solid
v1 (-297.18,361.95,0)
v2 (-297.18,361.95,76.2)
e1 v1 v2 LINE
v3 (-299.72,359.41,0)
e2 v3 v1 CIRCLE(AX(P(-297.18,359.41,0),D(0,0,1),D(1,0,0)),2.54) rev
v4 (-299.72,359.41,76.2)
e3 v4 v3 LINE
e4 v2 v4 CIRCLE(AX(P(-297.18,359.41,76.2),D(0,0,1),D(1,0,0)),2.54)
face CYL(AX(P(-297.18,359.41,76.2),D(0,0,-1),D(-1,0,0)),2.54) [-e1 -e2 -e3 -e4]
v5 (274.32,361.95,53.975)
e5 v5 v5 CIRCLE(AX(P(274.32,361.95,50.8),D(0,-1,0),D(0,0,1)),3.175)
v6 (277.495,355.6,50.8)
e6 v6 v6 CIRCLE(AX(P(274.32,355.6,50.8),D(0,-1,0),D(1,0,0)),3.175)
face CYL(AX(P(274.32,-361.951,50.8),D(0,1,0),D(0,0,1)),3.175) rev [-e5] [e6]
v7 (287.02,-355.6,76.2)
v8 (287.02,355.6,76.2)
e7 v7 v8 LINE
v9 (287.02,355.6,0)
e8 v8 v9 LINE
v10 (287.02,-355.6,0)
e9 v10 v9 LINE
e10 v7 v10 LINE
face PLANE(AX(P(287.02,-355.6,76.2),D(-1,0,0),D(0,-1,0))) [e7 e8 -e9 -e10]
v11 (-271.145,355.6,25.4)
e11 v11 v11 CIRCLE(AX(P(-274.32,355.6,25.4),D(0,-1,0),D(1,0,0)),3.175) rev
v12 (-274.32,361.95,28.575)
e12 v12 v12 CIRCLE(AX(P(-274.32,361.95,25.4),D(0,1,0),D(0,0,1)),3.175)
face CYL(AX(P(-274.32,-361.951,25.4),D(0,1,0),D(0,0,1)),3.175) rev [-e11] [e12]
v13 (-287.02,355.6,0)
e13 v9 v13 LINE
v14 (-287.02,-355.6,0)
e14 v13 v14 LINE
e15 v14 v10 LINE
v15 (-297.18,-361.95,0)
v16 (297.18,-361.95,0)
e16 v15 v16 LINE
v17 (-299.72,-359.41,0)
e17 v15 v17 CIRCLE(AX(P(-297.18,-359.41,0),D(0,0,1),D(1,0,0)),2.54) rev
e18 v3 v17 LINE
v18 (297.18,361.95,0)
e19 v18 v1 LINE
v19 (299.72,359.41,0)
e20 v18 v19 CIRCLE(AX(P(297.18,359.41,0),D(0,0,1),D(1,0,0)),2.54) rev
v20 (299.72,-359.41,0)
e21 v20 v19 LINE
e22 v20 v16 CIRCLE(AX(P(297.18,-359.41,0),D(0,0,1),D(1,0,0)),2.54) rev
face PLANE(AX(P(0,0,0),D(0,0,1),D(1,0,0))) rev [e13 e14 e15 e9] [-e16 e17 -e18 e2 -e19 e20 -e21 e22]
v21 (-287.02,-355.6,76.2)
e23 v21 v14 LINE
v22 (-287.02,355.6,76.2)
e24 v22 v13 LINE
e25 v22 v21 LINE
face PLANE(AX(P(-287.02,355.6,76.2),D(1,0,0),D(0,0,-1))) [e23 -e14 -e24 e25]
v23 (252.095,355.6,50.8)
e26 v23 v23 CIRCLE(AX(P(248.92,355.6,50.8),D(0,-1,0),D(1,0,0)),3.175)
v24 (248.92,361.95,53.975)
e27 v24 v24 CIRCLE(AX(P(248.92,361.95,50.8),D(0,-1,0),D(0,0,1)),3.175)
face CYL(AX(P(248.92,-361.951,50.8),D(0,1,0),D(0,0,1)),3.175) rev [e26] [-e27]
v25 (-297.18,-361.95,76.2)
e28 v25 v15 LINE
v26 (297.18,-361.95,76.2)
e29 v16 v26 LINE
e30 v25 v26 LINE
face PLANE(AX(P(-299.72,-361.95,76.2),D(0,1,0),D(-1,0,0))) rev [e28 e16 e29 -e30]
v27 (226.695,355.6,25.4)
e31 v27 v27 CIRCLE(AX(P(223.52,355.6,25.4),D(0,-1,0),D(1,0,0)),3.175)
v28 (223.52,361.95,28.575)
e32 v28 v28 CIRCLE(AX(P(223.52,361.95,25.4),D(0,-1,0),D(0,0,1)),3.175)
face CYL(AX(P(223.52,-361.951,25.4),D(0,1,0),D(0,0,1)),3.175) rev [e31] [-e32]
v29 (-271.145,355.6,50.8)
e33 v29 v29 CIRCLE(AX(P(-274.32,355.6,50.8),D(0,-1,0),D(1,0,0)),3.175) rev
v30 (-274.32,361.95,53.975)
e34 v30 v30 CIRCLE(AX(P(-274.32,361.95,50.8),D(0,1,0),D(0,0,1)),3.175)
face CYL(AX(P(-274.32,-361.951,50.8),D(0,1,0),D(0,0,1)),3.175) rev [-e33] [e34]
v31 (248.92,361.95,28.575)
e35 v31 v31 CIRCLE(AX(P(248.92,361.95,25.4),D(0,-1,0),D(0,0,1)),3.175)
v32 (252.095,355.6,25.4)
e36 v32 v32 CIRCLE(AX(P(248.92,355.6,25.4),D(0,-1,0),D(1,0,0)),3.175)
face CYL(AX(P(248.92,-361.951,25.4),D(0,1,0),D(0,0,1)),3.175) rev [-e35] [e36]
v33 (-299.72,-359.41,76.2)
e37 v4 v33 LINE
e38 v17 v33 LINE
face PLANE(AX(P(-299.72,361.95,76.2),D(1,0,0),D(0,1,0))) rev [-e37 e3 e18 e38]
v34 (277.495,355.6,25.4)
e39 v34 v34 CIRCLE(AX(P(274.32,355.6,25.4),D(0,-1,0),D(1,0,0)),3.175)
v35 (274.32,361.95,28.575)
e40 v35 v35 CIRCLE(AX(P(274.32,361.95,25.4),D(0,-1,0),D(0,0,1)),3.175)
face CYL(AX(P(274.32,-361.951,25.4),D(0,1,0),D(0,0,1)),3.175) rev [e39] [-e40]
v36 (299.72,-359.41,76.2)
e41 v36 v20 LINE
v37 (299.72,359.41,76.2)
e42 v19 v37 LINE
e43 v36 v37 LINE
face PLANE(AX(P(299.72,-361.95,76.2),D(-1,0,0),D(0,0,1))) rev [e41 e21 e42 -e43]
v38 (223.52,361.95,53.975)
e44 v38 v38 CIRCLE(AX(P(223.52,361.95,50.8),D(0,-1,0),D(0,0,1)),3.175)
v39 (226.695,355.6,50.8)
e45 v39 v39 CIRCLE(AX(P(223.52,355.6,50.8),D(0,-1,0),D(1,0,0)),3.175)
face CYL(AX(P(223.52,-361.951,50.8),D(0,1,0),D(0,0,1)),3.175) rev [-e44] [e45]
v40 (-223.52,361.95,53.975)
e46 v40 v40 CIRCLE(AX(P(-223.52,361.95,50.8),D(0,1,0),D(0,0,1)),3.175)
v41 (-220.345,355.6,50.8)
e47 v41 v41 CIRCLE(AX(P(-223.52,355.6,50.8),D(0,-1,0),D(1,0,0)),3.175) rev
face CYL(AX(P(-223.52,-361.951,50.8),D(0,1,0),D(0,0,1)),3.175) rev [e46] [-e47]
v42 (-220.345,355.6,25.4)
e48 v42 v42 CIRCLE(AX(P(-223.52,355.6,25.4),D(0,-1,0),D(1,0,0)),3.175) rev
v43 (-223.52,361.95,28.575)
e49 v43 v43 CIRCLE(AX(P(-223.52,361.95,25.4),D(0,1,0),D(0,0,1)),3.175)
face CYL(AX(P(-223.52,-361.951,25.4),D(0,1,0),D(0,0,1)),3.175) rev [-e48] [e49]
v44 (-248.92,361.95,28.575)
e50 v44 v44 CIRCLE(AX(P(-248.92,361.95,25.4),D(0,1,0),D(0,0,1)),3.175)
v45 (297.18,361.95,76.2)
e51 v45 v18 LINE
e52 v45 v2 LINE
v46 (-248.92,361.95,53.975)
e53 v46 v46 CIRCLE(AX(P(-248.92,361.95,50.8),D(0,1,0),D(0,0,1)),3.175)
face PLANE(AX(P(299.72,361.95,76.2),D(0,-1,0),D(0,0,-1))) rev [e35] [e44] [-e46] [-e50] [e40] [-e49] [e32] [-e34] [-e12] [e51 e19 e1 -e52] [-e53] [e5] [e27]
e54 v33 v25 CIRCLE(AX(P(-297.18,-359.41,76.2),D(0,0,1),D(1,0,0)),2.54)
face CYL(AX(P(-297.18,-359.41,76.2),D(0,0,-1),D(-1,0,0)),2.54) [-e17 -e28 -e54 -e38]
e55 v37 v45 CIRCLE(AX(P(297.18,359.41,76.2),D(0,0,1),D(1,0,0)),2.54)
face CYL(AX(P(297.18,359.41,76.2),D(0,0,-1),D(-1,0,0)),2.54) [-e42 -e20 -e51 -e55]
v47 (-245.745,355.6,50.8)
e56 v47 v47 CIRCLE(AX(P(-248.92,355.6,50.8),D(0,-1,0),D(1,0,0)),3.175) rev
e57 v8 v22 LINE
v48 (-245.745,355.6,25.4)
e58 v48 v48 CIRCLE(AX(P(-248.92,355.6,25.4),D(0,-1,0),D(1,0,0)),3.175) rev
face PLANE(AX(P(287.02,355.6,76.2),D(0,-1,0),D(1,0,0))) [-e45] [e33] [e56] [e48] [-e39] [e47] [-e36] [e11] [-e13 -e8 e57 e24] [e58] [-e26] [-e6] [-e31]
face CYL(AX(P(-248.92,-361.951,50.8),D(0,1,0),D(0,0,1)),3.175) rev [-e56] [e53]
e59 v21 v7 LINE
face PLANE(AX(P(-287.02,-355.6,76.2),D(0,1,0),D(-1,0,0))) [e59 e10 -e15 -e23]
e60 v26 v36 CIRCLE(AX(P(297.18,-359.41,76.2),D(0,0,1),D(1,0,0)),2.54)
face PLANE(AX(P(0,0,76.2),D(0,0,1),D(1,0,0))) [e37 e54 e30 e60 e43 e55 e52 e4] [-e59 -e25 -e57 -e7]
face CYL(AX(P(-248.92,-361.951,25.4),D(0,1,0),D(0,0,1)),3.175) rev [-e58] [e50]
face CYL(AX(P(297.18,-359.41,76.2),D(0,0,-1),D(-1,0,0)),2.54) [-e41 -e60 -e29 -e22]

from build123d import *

# Parameters (mm, degrees)
SKETCH1_W           = 599.44
SKETCH1_H           = 723.9
SKETCH1_W_2         = 574.04
SKETCH1_H_2         = 711.2
BOSS_EXTRUDE1_DEPTH = 76.2
CUT_EXTRUDE1_REACH  = 789.191
SKETCH2_R           = 3.175
FILLET1_R           = 2.54


with BuildPart() as part:
    # Sketch1 → Boss-Extrude1 (new body)
    with BuildSketch(Plane.XY):
        Rectangle(SKETCH1_W, SKETCH1_H)
        Rectangle(SKETCH1_W_2, SKETCH1_H_2, mode=Mode.SUBTRACT)
    extrude(amount=BOSS_EXTRUDE1_DEPTH)

    # Sketch2 → Cut-Extrude1 (cut, up to next)
    with BuildSketch(Plane(origin=(0, 361.95, 0), x_dir=(1, 0, 0), z_dir=(0, 1, 0)), mode=Mode.PRIVATE) as cut_extrude1_sk1:
        with Locations(Location((-274.32, -50.8, 0), (0, 0, 270))):
            Circle(SKETCH2_R)
    cut_extrude1_tool1 = extrude(cut_extrude1_sk1.sketch, amount=-CUT_EXTRUDE1_REACH, mode=Mode.PRIVATE) & part.part
    # Sketch2 → Cut-Extrude1 (cut, up to next)
    with BuildSketch(Plane(origin=(0, 361.95, 0), x_dir=(1, 0, 0), z_dir=(0, 1, 0)), mode=Mode.PRIVATE) as cut_extrude1_sk2:
        with Locations(Location((-274.32, -25.4, 0), (0, 0, 270))):
            Circle(SKETCH2_R)
    cut_extrude1_tool2 = extrude(cut_extrude1_sk2.sketch, amount=-CUT_EXTRUDE1_REACH, mode=Mode.PRIVATE) & part.part
    # Sketch2 → Cut-Extrude1 (cut, up to next)
    with BuildSketch(Plane(origin=(0, 361.95, 0), x_dir=(1, 0, 0), z_dir=(0, 1, 0)), mode=Mode.PRIVATE) as cut_extrude1_sk3:
        with Locations(Location((-248.92, -50.8, 0), (0, 0, 270))):
            Circle(SKETCH2_R)
    cut_extrude1_tool3 = extrude(cut_extrude1_sk3.sketch, amount=-CUT_EXTRUDE1_REACH, mode=Mode.PRIVATE) & part.part
    # Sketch2 → Cut-Extrude1 (cut, up to next)
    with BuildSketch(Plane(origin=(0, 361.95, 0), x_dir=(1, 0, 0), z_dir=(0, 1, 0)), mode=Mode.PRIVATE) as cut_extrude1_sk4:
        with Locations(Location((-248.92, -25.4, 0), (0, 0, 270))):
            Circle(SKETCH2_R)
    cut_extrude1_tool4 = extrude(cut_extrude1_sk4.sketch, amount=-CUT_EXTRUDE1_REACH, mode=Mode.PRIVATE) & part.part
    # Sketch2 → Cut-Extrude1 (cut, up to next)
    with BuildSketch(Plane(origin=(0, 361.95, 0), x_dir=(1, 0, 0), z_dir=(0, 1, 0)), mode=Mode.PRIVATE) as cut_extrude1_sk5:
        with Locations(Location((-223.52, -50.8, 0), (0, 0, 270))):
            Circle(SKETCH2_R)
    cut_extrude1_tool5 = extrude(cut_extrude1_sk5.sketch, amount=-CUT_EXTRUDE1_REACH, mode=Mode.PRIVATE) & part.part
    # Sketch2 → Cut-Extrude1 (cut, up to next)
    with BuildSketch(Plane(origin=(0, 361.95, 0), x_dir=(1, 0, 0), z_dir=(0, 1, 0)), mode=Mode.PRIVATE) as cut_extrude1_sk6:
        with Locations(Location((-223.52, -25.4, 0), (0, 0, 270))):
            Circle(SKETCH2_R)
    cut_extrude1_tool6 = extrude(cut_extrude1_sk6.sketch, amount=-CUT_EXTRUDE1_REACH, mode=Mode.PRIVATE) & part.part
    cut_extrude1_1 = cut_extrude1_tool1.solids().sort_by_distance((-274.32, 361.95, 50.8))[0]
    add(cut_extrude1_1, mode=Mode.SUBTRACT)
    cut_extrude1_2 = cut_extrude1_tool2.solids().sort_by_distance((-274.32, 361.95, 25.4))[0]
    add(cut_extrude1_2, mode=Mode.SUBTRACT)
    cut_extrude1_3 = cut_extrude1_tool3.solids().sort_by_distance((-248.92, 361.95, 50.8))[0]
    add(cut_extrude1_3, mode=Mode.SUBTRACT)
    cut_extrude1_4 = cut_extrude1_tool4.solids().sort_by_distance((-248.92, 361.95, 25.4))[0]
    add(cut_extrude1_4, mode=Mode.SUBTRACT)
    cut_extrude1_5 = cut_extrude1_tool5.solids().sort_by_distance((-223.52, 361.95, 50.8))[0]
    add(cut_extrude1_5, mode=Mode.SUBTRACT)
    cut_extrude1_6 = cut_extrude1_tool6.solids().sort_by_distance((-223.52, 361.95, 25.4))[0]
    add(cut_extrude1_6, mode=Mode.SUBTRACT)
    cut_extrude1 = cut_extrude1_1 + cut_extrude1_2 + cut_extrude1_3 + cut_extrude1_4 + cut_extrude1_5 + cut_extrude1_6  # Cut-Extrude1 as one shape, for the pattern or mirror that repeats it

    # Mirror1: Cut-Extrude1 across plane
    add(cut_extrude1.mirror(Plane(origin=(0, 0, 0), x_dir=(0, 0, 1), z_dir=(1, 0, 0))), mode=Mode.SUBTRACT)

    # Fillet1
    fillet1_edges = [part.edges().sort_by_distance(p)[0] for p in [
        (-299.72, -361.95, 38.1),
        (-299.72, 361.95, 38.1),
        (299.72, 361.95, 38.1),
        (299.72, -361.95, 38.1),
    ]]
    fillet(fillet1_edges, radius=FILLET1_R)


solid = part.part
